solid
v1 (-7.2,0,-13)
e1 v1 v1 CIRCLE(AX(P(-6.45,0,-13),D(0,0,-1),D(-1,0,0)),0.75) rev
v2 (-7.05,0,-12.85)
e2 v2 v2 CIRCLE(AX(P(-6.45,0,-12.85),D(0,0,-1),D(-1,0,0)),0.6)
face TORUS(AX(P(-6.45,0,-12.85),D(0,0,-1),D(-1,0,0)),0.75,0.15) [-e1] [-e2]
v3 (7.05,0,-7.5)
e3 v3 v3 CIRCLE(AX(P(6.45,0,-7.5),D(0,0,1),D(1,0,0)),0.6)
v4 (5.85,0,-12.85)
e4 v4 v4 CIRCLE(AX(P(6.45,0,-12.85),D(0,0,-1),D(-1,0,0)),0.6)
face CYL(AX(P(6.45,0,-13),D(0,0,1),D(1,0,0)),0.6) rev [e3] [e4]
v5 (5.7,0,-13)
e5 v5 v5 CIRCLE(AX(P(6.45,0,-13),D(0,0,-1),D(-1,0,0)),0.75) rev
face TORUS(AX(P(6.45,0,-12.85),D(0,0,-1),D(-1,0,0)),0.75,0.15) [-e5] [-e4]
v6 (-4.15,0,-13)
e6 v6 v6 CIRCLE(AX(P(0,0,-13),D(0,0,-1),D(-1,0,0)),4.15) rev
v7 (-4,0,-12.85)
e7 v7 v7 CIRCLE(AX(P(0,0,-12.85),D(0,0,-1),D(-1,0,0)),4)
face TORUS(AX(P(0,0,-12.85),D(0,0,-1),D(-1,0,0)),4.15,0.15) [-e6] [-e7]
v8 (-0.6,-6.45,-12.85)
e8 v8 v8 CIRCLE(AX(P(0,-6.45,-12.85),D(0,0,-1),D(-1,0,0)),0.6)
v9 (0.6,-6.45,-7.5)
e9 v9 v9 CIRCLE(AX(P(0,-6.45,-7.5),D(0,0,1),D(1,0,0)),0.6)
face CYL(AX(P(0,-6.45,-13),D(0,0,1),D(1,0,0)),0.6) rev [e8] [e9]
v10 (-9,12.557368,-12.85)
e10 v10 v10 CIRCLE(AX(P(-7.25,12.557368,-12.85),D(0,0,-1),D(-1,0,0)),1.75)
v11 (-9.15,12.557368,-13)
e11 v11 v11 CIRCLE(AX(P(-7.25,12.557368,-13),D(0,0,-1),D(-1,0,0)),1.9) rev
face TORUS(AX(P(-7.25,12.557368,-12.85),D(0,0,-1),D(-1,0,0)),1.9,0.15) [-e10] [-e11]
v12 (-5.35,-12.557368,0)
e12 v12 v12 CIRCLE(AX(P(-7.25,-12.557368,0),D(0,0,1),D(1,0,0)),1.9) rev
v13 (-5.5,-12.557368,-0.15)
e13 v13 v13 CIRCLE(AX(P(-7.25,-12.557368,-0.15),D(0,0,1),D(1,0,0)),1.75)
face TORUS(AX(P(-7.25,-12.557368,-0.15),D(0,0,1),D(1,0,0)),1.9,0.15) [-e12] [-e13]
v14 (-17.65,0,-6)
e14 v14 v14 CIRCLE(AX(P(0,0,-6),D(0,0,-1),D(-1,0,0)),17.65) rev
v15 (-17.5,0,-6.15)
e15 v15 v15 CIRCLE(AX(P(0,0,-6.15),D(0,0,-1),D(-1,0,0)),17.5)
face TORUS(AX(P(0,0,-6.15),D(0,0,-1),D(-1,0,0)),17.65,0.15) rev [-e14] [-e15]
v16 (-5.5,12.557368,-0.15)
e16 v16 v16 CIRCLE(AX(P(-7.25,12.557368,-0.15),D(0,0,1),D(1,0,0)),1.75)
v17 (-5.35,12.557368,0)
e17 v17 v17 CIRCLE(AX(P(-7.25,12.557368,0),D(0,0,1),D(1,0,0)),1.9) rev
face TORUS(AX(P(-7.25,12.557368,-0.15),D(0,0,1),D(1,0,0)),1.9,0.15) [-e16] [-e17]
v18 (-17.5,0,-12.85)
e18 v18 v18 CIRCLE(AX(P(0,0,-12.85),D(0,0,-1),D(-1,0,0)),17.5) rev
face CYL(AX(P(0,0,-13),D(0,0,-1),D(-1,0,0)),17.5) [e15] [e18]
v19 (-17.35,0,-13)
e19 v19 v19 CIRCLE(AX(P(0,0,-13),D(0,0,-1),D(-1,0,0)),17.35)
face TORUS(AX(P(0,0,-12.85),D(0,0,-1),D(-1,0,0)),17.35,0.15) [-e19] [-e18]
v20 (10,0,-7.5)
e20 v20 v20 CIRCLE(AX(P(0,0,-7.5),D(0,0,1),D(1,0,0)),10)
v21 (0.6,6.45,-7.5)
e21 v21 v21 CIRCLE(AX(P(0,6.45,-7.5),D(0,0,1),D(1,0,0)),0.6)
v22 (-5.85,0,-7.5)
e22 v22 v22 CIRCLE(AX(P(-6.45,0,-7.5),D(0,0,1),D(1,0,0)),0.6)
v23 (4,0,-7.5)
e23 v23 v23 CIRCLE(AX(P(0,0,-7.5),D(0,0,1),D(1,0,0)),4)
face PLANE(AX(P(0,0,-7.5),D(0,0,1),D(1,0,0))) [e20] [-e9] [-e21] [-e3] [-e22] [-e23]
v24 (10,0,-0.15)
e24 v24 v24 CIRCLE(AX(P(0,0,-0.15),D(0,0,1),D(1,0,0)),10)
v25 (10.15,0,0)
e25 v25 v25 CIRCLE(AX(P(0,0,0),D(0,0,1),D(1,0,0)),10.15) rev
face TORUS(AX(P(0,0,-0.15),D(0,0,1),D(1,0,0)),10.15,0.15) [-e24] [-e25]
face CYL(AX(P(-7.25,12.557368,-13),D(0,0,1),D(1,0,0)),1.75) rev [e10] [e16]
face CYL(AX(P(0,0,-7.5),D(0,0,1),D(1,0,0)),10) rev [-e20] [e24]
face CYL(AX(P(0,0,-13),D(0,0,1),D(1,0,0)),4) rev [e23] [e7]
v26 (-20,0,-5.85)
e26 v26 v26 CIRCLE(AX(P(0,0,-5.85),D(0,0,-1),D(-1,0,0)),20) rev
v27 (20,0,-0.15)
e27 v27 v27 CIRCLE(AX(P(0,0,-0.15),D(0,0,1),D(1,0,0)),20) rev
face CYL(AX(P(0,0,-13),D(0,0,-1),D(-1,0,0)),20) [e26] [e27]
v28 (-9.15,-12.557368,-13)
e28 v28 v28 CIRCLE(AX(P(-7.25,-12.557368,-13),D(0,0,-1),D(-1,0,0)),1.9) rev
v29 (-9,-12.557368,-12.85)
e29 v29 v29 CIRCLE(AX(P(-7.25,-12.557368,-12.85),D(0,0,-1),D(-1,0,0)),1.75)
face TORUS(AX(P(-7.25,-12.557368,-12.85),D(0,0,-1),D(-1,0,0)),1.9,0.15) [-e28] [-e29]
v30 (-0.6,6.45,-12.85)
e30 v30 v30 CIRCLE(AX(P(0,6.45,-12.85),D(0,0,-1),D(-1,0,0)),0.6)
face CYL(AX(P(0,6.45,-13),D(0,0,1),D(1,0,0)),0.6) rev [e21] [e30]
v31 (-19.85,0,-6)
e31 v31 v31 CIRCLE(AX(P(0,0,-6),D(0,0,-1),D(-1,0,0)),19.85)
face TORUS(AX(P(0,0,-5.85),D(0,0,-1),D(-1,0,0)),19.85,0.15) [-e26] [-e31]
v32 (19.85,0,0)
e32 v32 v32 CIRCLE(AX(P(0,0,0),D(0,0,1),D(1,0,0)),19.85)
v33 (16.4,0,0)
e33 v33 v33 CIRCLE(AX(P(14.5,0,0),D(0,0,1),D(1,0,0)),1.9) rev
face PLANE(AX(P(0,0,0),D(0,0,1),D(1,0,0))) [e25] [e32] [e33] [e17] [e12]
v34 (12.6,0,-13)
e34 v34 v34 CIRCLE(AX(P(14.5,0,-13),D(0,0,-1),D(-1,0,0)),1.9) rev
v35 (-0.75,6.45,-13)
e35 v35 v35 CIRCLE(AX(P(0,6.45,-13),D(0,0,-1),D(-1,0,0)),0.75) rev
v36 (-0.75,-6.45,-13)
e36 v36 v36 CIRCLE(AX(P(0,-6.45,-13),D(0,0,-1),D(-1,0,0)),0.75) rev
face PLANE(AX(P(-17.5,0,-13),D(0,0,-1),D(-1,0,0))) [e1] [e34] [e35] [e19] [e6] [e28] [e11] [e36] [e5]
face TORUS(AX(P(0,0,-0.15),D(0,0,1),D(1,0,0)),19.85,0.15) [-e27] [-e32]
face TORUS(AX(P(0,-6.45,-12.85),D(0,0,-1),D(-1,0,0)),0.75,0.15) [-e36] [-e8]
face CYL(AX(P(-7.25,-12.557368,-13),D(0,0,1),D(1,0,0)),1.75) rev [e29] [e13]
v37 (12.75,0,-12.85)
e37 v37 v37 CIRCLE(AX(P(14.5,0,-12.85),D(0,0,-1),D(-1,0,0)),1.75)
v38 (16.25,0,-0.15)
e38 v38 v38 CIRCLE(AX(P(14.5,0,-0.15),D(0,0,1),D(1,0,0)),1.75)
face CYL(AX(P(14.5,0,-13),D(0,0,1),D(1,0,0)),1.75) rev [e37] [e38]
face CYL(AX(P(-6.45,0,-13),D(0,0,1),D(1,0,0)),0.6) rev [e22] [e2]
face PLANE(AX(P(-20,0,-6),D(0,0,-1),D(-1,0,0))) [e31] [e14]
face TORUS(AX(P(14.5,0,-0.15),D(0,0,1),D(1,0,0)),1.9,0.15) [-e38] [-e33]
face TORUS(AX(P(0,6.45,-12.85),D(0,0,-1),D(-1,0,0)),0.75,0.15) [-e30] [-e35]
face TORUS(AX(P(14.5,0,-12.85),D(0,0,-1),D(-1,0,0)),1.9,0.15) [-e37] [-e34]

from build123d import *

# Parameters (mm, degrees)
SZKIC2_R                   = 1.75
SZKIC2_R_2                 = 4
SZKIC2_R_3                 = 0.6
WYTNIJ_WYCI_GNI_CIE1_DEPTH = 32.128764833
SZKIC2_4_R                 = 10
SZKIC2_4_R_2               = 4
SZKIC2_4_R_3               = 0.6
SZKIC2_4_R_4               = 1.75
WYTNIJ_WYCI_GNI_CIE3_DEPTH = 7.5
ZAOKR_GLENIE1_R            = 0.15


with BuildPart() as part:
    # Szkic1 → Obr_t1 (revolve)
    with BuildSketch(Plane(origin=(0, 0, 0), x_dir=(1, 0, 0), z_dir=(0, 1, 0))):
        Polygon((0, 0), (-20, 0), (-20, 6), (-17.5, 6), (-17.5, 13), (0, 13), align=None)
    revolve(axis=Axis((0, 0, -13), (0, 0, 1)))

    # Szkic2 → Wytnij-wyci_gni_cie1 (cut, through all)
    with BuildSketch(Plane.XY):
        with Locations((14.5, 0)):
            Circle(SZKIC2_R)
        with Locations((-7.25, -12.557368355)):
            Circle(SZKIC2_R)
        with Locations((-7.25, 12.557368355)):
            Circle(SZKIC2_R)
        Circle(SZKIC2_R_2)
        with Locations((6.45, 0)):
            Circle(SZKIC2_R_3)
        with Locations((0, -6.45)):
            Circle(SZKIC2_R_3)
        with Locations((-6.45, 0)):
            Circle(SZKIC2_R_3)
        with Locations((0, 6.45)):
            Circle(SZKIC2_R_3)
    extrude(amount=-WYTNIJ_WYCI_GNI_CIE1_DEPTH, mode=Mode.SUBTRACT)

    # Szkic2_4 → Wytnij-wyci_gni_cie3 (cut)
    # profile 1 of 4: a face of its own
    with BuildSketch(Plane.XY):
        Circle(SZKIC2_4_R)
        Circle(SZKIC2_4_R_2, mode=Mode.SUBTRACT)
        with Locations((6.45, 0)):
            Circle(SZKIC2_4_R_3, mode=Mode.SUBTRACT)
        with Locations((0, -6.45)):
            Circle(SZKIC2_4_R_3, mode=Mode.SUBTRACT)
        with Locations((-6.45, 0)):
            Circle(SZKIC2_4_R_3, mode=Mode.SUBTRACT)
        with Locations((0, 6.45)):
            Circle(SZKIC2_4_R_3, mode=Mode.SUBTRACT)
    # profile 2 of 4: a face of its own
    with BuildSketch(Plane.XY):
        with Locations((14.5, 0)):
            Circle(SZKIC2_4_R_4)
    # profile 3 of 4: a face of its own
    with BuildSketch(Plane.XY):
        with Locations((-7.25, -12.557368355)):
            Circle(SZKIC2_4_R_4)
    # profile 4 of 4: a face of its own
    with BuildSketch(Plane.XY):
        with Locations((-7.25, 12.557368355)):
            Circle(SZKIC2_4_R_4)
    extrude(amount=-WYTNIJ_WYCI_GNI_CIE3_DEPTH, mode=Mode.SUBTRACT)

    # Zaokr_glenie1
    zaokr_glenie1_edges = [part.edges().sort_by_distance(p)[0] for p in [
        (17.5, 0, -6),
        (20, 0, -6),
        (17.5, 0, -13),
        (-7.05, 0, -13),
        (12.75, 0, -13),
        (-9, -12.557368355, -13),
        (-9, 12.557368355, -13),
        (-4, 0, -13),
        (-0.6, -6.45, -13),
        (5.85, 0, -13),
        (-0.6, 6.45, -13),
        (20, 0, 0),
        (12.75, 0, 0),
        (-9, -12.557368355, 0),
        (-9, 12.557368355, 0),
        (-10, 0, 0),
    ]]
    fillet(zaokr_glenie1_edges, radius=ZAOKR_GLENIE1_R)


solid = part.part
